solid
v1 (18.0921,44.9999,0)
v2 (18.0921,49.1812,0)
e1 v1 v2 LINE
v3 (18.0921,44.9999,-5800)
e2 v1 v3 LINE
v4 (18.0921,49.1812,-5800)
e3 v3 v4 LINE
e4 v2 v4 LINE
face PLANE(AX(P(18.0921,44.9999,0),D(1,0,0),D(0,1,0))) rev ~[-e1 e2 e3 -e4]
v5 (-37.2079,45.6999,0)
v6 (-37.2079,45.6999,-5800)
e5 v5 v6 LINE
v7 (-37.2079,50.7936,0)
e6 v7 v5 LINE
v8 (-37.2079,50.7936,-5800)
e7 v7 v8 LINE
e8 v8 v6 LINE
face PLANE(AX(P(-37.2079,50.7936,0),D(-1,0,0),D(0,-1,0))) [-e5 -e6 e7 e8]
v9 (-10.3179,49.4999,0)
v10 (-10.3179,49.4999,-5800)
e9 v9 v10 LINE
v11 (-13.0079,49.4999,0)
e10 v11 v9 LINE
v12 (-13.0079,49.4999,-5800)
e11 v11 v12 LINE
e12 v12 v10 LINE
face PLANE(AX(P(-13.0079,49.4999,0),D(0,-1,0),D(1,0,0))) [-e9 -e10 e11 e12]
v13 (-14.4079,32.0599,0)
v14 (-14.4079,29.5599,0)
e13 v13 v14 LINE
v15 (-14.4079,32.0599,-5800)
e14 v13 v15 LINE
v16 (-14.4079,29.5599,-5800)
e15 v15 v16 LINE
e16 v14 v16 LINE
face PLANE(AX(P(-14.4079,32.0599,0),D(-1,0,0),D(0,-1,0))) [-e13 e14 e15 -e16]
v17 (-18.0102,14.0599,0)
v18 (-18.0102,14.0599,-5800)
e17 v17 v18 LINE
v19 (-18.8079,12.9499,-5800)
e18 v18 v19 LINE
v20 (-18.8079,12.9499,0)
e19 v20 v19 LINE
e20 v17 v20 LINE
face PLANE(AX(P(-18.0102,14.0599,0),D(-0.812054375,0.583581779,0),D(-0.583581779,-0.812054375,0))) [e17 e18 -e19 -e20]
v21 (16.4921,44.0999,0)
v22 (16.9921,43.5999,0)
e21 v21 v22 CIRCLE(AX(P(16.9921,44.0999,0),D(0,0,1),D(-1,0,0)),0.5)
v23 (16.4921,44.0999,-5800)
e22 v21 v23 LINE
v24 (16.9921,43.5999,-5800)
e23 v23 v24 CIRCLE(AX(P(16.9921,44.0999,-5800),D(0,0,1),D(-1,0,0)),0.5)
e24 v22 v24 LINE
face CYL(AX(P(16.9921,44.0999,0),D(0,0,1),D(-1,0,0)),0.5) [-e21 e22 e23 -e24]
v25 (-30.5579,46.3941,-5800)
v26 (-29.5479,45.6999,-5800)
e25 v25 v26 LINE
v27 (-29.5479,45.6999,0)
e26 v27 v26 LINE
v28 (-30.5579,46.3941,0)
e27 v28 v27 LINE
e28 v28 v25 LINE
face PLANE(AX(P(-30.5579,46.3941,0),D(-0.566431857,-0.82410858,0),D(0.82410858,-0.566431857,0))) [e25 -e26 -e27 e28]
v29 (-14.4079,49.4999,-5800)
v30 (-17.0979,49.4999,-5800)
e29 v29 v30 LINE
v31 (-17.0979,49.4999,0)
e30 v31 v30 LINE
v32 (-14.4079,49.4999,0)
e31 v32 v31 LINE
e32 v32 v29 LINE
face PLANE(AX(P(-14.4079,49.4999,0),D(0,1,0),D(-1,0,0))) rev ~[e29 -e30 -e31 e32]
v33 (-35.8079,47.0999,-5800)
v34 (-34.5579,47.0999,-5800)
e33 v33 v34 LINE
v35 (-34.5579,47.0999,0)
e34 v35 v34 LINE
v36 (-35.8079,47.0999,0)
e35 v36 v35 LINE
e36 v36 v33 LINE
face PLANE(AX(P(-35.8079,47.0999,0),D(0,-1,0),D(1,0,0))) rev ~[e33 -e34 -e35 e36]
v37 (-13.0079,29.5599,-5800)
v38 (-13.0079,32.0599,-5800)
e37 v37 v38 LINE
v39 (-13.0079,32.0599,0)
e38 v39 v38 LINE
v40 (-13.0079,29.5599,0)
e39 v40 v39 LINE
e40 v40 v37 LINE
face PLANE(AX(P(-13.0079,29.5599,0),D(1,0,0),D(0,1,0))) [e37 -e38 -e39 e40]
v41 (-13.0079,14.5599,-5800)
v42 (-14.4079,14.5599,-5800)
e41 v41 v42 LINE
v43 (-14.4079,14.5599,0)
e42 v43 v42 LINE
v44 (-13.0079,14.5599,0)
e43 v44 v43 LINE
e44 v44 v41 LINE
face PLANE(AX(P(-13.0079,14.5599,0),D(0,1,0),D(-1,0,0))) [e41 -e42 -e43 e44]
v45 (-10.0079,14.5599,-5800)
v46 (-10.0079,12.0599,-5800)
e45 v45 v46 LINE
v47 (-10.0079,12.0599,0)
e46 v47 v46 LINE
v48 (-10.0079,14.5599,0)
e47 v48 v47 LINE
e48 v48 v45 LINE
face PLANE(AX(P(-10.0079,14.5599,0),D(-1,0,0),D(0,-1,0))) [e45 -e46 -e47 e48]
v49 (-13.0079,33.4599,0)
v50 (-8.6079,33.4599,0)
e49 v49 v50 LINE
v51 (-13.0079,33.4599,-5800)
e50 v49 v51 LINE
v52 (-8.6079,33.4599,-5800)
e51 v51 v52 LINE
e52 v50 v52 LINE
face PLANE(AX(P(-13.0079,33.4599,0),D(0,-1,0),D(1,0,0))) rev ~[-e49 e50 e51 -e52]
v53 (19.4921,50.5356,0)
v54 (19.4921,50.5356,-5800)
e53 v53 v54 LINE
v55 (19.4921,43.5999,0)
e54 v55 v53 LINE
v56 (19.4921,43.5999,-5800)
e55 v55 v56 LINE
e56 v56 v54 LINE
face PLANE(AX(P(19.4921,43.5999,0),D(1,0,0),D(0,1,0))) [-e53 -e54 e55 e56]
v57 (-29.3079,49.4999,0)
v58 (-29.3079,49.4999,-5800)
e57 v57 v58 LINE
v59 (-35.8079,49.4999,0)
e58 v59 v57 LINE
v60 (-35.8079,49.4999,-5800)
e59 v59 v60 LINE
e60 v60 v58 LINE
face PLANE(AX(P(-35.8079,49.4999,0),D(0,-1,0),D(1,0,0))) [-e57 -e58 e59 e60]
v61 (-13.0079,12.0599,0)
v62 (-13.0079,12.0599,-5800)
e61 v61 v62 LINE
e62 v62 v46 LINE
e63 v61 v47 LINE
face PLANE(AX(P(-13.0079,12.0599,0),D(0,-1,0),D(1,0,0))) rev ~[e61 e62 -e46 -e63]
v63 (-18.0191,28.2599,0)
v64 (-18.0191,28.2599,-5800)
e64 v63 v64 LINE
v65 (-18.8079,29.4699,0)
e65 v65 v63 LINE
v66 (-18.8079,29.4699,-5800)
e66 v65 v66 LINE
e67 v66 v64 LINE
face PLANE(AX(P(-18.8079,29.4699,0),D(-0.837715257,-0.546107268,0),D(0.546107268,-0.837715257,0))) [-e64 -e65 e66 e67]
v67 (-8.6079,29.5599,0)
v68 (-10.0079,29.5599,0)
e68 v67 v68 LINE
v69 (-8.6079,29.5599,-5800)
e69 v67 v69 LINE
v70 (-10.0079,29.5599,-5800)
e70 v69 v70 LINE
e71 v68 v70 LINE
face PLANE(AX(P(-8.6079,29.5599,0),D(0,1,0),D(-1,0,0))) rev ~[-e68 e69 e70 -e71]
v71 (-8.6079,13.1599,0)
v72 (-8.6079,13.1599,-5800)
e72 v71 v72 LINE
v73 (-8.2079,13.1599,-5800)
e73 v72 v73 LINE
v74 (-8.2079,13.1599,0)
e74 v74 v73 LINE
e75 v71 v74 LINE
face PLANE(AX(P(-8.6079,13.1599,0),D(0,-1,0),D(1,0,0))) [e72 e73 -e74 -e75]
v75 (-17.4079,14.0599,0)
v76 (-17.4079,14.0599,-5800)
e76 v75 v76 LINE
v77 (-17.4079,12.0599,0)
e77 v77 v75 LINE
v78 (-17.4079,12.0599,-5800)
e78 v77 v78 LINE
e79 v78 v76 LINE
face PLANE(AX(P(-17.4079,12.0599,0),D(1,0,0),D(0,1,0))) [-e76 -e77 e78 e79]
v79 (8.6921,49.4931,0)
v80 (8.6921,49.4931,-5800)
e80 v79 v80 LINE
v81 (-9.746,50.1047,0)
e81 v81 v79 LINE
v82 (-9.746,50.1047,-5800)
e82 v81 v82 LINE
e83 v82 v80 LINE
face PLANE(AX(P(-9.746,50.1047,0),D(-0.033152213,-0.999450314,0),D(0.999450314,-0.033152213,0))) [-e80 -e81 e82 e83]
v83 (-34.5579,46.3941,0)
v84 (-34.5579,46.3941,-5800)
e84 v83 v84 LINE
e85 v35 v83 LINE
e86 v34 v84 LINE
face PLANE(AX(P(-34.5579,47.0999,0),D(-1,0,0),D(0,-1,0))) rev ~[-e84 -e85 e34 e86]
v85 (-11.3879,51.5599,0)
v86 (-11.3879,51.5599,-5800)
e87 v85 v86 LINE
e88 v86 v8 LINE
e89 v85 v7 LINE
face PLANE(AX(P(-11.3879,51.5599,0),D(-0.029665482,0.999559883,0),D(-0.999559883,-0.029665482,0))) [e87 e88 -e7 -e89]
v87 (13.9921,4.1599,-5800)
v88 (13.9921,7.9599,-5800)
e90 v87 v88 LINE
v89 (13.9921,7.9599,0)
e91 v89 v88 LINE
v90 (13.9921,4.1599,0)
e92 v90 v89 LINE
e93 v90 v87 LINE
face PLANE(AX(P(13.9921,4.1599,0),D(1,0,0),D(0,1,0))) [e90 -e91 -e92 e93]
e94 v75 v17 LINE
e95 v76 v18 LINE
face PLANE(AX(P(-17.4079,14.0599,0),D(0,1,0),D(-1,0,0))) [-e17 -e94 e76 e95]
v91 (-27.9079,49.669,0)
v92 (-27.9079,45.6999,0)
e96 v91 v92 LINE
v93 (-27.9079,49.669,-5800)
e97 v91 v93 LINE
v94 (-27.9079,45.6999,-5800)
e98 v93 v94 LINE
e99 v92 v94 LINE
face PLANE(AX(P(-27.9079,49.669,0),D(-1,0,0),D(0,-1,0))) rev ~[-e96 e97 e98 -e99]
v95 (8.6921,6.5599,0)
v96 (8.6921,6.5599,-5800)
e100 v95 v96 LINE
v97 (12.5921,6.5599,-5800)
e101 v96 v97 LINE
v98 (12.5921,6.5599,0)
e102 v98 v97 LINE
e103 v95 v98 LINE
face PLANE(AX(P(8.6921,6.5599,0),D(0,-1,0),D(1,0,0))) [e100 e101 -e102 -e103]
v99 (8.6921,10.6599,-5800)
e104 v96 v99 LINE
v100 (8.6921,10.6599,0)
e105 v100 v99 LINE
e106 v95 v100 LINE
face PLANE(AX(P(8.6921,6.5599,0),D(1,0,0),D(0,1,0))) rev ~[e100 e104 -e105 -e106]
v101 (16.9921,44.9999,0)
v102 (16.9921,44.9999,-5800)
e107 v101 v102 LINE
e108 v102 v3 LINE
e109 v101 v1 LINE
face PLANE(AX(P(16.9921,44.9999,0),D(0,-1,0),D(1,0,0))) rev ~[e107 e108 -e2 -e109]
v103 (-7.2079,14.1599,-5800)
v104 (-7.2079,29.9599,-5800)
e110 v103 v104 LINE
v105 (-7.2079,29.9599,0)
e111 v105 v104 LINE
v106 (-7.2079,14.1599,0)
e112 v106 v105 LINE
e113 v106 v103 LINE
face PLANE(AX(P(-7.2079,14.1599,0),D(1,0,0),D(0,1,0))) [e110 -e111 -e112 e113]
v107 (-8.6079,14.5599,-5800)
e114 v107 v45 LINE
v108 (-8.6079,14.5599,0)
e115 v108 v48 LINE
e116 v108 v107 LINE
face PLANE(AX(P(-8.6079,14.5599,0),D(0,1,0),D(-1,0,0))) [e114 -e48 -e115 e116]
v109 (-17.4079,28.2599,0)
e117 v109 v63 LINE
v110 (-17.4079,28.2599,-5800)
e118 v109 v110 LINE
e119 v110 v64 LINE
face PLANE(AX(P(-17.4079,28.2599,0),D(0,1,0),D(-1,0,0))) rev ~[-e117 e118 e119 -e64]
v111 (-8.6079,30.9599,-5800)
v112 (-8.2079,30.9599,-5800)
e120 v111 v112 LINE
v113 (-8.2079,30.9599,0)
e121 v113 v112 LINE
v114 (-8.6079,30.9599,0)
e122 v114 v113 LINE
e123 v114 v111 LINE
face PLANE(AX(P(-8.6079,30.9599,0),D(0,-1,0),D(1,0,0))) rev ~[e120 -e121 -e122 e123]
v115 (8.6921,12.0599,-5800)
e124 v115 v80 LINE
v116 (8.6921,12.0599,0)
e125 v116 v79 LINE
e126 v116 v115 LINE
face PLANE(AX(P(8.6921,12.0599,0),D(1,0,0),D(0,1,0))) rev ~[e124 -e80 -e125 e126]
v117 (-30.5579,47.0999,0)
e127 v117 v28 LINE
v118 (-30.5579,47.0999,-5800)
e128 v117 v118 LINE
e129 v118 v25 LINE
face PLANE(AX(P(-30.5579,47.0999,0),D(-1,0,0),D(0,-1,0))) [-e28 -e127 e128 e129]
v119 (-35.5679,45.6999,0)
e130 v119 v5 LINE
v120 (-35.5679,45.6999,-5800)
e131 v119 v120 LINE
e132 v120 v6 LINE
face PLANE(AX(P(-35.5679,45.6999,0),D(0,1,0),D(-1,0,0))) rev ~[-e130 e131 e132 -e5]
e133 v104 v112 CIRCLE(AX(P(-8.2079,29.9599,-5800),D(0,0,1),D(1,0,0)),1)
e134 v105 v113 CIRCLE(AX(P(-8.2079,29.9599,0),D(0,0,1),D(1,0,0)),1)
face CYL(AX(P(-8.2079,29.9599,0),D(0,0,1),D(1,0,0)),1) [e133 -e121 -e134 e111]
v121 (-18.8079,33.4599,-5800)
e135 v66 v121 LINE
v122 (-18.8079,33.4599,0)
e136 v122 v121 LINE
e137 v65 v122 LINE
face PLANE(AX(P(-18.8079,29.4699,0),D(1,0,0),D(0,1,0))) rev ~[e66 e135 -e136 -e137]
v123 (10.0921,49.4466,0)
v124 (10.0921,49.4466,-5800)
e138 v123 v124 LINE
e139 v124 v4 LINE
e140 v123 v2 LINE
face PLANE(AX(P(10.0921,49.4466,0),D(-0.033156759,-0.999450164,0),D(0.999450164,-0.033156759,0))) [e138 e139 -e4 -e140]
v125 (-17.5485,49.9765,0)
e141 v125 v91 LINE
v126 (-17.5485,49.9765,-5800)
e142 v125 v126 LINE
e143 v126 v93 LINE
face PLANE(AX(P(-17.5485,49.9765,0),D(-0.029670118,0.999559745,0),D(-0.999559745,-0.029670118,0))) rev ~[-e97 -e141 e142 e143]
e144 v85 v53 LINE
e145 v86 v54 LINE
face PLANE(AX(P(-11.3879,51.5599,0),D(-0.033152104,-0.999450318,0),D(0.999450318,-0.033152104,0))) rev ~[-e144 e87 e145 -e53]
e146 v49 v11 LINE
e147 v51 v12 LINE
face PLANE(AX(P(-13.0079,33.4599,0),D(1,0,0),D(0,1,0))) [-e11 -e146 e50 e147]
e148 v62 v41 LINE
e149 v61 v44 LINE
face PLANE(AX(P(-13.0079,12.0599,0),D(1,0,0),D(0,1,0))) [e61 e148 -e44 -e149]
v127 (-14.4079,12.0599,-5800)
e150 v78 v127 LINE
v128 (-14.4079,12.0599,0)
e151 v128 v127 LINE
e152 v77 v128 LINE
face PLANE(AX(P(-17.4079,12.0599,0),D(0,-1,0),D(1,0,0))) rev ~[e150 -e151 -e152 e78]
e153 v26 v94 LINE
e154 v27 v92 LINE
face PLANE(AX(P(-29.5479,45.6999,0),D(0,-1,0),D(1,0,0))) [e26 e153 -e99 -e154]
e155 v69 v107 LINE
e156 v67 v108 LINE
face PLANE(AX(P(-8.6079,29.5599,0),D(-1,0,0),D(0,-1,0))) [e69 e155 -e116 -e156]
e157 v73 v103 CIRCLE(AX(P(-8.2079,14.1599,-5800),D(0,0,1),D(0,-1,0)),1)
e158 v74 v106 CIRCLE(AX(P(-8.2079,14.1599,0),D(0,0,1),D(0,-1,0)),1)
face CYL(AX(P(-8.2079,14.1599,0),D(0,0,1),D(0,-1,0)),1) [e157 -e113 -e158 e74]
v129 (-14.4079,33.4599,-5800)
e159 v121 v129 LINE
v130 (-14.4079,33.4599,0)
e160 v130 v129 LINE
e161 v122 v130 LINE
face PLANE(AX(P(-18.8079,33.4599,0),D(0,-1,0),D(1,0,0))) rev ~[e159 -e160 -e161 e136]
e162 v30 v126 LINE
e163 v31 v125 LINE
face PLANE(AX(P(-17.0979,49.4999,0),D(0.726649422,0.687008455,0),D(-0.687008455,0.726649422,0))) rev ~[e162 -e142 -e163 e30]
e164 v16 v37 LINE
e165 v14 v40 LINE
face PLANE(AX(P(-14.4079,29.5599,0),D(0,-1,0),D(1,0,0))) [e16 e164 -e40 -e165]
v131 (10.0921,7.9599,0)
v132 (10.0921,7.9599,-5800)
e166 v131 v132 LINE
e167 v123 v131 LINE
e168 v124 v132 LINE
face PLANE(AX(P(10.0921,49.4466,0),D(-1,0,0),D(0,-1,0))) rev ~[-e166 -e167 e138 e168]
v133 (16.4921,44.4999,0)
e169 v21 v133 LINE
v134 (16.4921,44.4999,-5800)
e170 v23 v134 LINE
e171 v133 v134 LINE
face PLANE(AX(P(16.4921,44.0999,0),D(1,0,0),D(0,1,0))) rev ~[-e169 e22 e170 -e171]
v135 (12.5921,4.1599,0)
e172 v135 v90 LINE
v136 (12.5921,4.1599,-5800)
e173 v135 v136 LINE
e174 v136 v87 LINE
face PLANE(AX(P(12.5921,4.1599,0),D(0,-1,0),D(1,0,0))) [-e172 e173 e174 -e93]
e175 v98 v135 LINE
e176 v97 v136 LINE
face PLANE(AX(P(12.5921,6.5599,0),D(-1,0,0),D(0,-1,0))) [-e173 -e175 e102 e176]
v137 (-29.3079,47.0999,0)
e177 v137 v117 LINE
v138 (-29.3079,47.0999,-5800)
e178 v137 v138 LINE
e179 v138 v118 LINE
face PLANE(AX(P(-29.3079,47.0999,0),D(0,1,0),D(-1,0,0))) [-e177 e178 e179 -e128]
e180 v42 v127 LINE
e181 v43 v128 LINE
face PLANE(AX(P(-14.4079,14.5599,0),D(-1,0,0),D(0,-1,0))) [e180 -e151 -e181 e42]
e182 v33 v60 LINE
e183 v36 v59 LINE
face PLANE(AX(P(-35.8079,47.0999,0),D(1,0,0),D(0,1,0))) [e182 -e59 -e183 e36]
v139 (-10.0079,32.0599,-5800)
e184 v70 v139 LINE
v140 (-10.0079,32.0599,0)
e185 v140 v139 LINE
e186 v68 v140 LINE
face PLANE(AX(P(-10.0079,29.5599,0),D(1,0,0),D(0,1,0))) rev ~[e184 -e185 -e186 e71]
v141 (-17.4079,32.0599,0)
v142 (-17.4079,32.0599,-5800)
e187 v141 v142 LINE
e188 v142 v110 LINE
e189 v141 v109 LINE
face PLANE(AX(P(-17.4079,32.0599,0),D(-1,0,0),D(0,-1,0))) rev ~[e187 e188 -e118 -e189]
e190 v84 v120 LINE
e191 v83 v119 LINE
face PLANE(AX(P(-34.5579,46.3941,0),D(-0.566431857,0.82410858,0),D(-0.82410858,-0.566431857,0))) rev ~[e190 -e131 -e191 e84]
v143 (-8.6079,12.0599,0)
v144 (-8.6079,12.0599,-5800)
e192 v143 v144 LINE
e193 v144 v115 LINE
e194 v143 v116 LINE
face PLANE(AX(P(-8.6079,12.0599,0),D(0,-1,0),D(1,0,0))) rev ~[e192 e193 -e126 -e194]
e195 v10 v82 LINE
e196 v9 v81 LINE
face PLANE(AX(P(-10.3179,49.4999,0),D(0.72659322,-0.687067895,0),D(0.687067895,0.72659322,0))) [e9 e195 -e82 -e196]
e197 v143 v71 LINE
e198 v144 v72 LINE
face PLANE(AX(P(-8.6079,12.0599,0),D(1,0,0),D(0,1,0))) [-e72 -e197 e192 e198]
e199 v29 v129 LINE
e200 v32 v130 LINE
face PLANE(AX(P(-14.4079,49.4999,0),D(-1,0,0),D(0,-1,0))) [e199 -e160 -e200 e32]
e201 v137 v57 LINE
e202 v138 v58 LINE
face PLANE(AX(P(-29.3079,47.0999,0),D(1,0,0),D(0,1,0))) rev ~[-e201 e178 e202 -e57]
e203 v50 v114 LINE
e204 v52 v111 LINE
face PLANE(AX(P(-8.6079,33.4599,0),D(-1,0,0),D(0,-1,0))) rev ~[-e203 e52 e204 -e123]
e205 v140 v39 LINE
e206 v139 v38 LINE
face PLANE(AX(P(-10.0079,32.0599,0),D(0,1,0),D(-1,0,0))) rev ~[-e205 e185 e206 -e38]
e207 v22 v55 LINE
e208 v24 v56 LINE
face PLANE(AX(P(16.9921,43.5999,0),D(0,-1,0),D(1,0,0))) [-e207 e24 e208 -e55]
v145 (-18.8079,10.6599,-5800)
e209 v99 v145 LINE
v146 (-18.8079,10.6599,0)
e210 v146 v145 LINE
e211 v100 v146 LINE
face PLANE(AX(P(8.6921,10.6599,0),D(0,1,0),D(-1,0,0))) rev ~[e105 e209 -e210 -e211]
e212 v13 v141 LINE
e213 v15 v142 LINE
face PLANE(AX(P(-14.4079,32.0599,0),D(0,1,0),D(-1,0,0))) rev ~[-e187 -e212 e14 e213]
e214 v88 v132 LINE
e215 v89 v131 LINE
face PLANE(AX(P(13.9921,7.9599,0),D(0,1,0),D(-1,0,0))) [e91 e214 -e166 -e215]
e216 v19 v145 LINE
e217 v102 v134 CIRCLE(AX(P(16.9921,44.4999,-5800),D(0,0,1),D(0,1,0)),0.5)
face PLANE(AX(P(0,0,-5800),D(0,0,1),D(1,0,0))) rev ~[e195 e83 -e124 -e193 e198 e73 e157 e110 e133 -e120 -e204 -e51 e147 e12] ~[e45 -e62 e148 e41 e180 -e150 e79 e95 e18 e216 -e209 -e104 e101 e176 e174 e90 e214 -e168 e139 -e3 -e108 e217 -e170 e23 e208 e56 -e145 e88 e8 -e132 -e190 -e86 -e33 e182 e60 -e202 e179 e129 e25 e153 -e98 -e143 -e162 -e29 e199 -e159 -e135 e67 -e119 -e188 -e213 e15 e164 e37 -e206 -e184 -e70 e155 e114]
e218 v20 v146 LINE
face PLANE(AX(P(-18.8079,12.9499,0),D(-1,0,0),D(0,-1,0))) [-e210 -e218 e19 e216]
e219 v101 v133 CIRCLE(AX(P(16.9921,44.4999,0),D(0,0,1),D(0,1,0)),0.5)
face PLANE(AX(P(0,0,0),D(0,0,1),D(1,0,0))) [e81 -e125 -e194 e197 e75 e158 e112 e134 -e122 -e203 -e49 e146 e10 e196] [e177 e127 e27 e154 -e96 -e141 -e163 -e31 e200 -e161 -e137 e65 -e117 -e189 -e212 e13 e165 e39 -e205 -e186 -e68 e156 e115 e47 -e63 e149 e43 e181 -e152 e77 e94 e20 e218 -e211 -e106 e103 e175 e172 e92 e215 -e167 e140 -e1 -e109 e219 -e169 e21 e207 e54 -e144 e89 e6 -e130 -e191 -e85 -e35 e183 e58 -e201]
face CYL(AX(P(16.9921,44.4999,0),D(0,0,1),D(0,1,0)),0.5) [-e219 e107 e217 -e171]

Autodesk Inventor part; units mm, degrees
ref_plane "YZ Plane" through (0, 0, 0) normal (1, 0, 0) x (0, 1, 0)
ref_plane "XZ Plane" through (0, 0, 0) normal (0, 1, 0) x (-1, 0, 0)
ref_plane "XY Plane" through (0, 0, 0) normal (0, 0, 1) x (1, 0, 0)
sketch "Boceto1" plane through (0, 0, 0) normal (0, 0, 1) x (1, 0, 0)
  line L0 (8.6921, 12.0599) -> (8.6921, 49.4931)
  line L1 (8.6921, 10.6599) -> (-18.8079, 10.6599)
  line L2 (8.6921, 6.5599) -> (8.6921, 10.6599)
  line L3 (8.6921, 6.5599) -> (12.5921, 6.5599)
  line L4 (13.9921, 7.9599) -> (10.0921, 7.9599)
  line L5 (12.5921, 6.5599) -> (12.5921, 4.1599)
  line L6 (12.5921, 4.1599) -> (13.9921, 4.1599)
  line L7 (13.9921, 4.1599) -> (13.9921, 7.9599)
  line L8 (-13.0079, 12.0599) -> (-13.0079, 14.5599)
  line L9 (-13.0079, 14.5599) -> (-14.4079, 14.5599)
  line L10 (-14.4079, 14.5599) -> (-14.4079, 12.0599)
  line L11 (-8.6079, 12.0599) -> (-8.6079, 13.1599)
  line L12 (-8.6079, 14.5599) -> (-10.0079, 14.5599)
  line L13 (-10.0079, 14.5599) -> (-10.0079, 12.0599)
  line L14 (-7.2079, 14.1599) -> (-7.2079, 29.9599)
  line L15 (-8.6079, 29.5599) -> (-8.6079, 14.5599)
  line L16 (-17.4079, 12.0599) -> (-14.4079, 12.0599)
  line L17 (-17.4079, 12.0599) -> (-17.4079, 14.0599)
  line L18 (-18.8079, 12.9499) -> (-18.8079, 10.6599)
  line L19 (-17.4079, 14.0599) -> (-18.0102, 14.0599)
  line L20 (-18.0102, 14.0599) -> (-18.8079, 12.9499)
  line L21 (-8.6079, 29.5599) -> (-10.0079, 29.5599)
  line L22 (-10.0079, 29.5599) -> (-10.0079, 32.0599)
  line L23 (-8.6079, 33.4599) -> (-8.6079, 30.9599)
  line L24 (-18.8079, 29.4699) -> (-18.8079, 33.4599)
  line L25 (-14.4079, 32.0599) -> (-14.4079, 29.5599)
  line L26 (-14.4079, 29.5599) -> (-13.0079, 29.5599)
  line L27 (-13.0079, 29.5599) -> (-13.0079, 32.0599)
  line L28 (-10.0079, 32.0599) -> (-13.0079, 32.0599)
  line L29 (-14.4079, 32.0599) -> (-17.4079, 32.0599)
  line L30 (-17.4079, 32.0599) -> (-17.4079, 28.2599)
  line L31 (-17.4079, 28.2599) -> (-18.0191, 28.2599)
  line L32 (-13.0079, 33.4599) -> (-13.0079, 49.4999)
  line L33 (-14.4079, 49.4999) -> (-14.4079, 33.4599)
  line L34 (-18.8079, 33.4599) -> (-14.4079, 33.4599)
  line L35 (-13.0079, 33.4599) -> (-8.6079, 33.4599)
  line L36 (-13.0079, 49.4999) -> (-10.3179, 49.4999)
  line L37 (-10.3179, 49.4999) -> (-9.746, 50.1047)
  line L38 (-14.4079, 49.4999) -> (-17.0979, 49.4999)
  line L39 (-17.0979, 49.4999) -> (-17.5485, 49.9765)
  line L40 (-9.746, 50.1047) -> (8.6921, 49.4931)
  line L41 (-17.5485, 49.9765) -> (-27.9079, 49.669)
  line L42 (-27.9079, 49.669) -> (-27.9079, 45.6999)
  line L43 (-29.3079, 47.0999) -> (-29.3079, 49.4999)
  line L44 (-37.2079, 50.7936) -> (-37.2079, 45.6999)
  line L45 (-35.8079, 47.0999) -> (-35.8079, 49.4999)
  line L46 (-11.3879, 51.5599) -> (19.4921, 50.5356)
  line L47 (-11.3879, 51.5599) -> (-37.2079, 50.7936)
  line L48 (-8.6079, 30.9599) -> (-8.2079, 30.9599)
  line L49 (-8.6079, 13.1599) -> (-8.2079, 13.1599)
  line L50 (16.9921, 43.5999) -> (19.4921, 43.5999)
  line L51 (19.4921, 43.5999) -> (19.4921, 50.5356)
  line L52 (10.0921, 49.4466) -> (10.0921, 7.9599)
  line L53 (10.0921, 49.4466) -> (18.0921, 49.1812)
  line L54 (18.0921, 44.9999) -> (18.0921, 49.1812)
  line L55 (16.4921, 44.0999) -> (16.4921, 44.4999)
  line L56 (16.9921, 44.9999) -> (18.0921, 44.9999)
  line L57 (-13.0079, 12.0599) -> (-10.0079, 12.0599)
  line L58 (-8.6079, 12.0599) -> (8.6921, 12.0599)
  line L59 (-18.8079, 29.4699) -> (-18.0191, 28.2599)
  line L60 (-35.8079, 49.4999) -> (-29.3079, 49.4999)
  line L61 (-35.8079, 47.0999) -> (-34.5579, 47.0999)
  line L62 (-34.5579, 47.0999) -> (-34.5579, 46.3941)
  line L63 (-34.5579, 46.3941) -> (-35.5679, 45.6999)
  line L64 (-35.5679, 45.6999) -> (-37.2079, 45.6999)
  line L65 (-29.3079, 47.0999) -> (-30.5579, 47.0999)
  line L66 (-30.5579, 47.0999) -> (-30.5579, 46.3941)
  line L67 (-30.5579, 46.3941) -> (-29.5479, 45.6999)
  line L68 (-29.5479, 45.6999) -> (-27.9079, 45.6999)
  arc A0 (-7.2079, 29.9599) -> (-8.2079, 30.9599) centre (-8.2079, 29.9599) ccw
  arc A1 (-8.2079, 13.1599) -> (-7.2079, 14.1599) centre (-8.2079, 14.1599) ccw
  arc A2 (16.9921, 44.9999) -> (16.4921, 44.4999) centre (16.9921, 44.4999) ccw
  arc A3 (16.4921, 44.0999) -> (16.9921, 43.5999) centre (16.9921, 44.0999) ccw
  point P0 (0, 0)
  point P1 (-7.2079, 30.9599)
  point P2 (-7.2079, 13.1599)
  point P3 (16.4921, 43.5999)
  point P4 (16.4921, 44.9999)
  point P5 (-32.5579, 49.4999)
  dimension "d0" = 3.02
  dimension "d1" = 24.5
  dimension "d2" = 1.4
  dimension "d3" = 1.4
  dimension "d4" = 1.4
  dimension "d5" = 1.4
  dimension "d7" = 1.4
  dimension "d8" = 1.4
  dimension "d9" = 1.4
  dimension "d10" = 1.4
  dimension "d11" = 1.4
  dimension "d12" = 1.4
  dimension "d13" = 1.4
  dimension "d14" = 1.4
  dimension "d15" = 1.4
  dimension "d16" = 1.4
  dimension "d17" = 1.4
  dimension "d23" = 1.4
  dimension "d26" = 3
  dimension "d27" = 39.44
  dimension "d31" = 7.9
  dimension "d32" = 2.4
  dimension "d34" = 2.5
  dimension "d35" = 2.5
  dimension "d36" = 3
  dimension "d37" = 3
  dimension "d38" = 3
  dimension "d39" = 3
  dimension "d42" = 4.09
  dimension "d43" = 2.69
  dimension "d44" = 15
  dimension "d45" = 20
  dimension "d47" = 2
  dimension "d48" = 1.11
  dimension "d51" = 1.21
  dimension "d52" = 35.7
  dimension "d53" = 33.1
  dimension "d55" = 32.8
  dimension "d56" = 14.2
  dimension "d58" = 15.9
  dimension "d65" = 1.4
  dimension "d68" = 46.6
  dimension "d69" = 46.6
  dimension "d70" = 2.06
  dimension "d73" = 91.7
  dimension "d74" = 91.9
  dimension "d77" = 1.4
  dimension "d84" = 1.4
  dimension "d87" = 6.5
  dimension "d88" = 9.3
  dimension "d89" = 1.4
  dimension "d90" = 1.4
  dimension "d91" = 3.25
  dimension "d92" = 1.4
  dimension "d93" = 2
  dimension "d96" = 3.01
  dimension "d97" = 6.02
  dimension "d99" = 34.5
  dimension "d100" = 111
  dimension "d102" = 2.4
  dimension "d104" = 1.4
  dimension "d105" = 22.8
  dimension "d106" = 4
  dimension "d107" = 0.7058
extrude "Extrusión1" add sketch "Boceto1" against normal blind 5800
properties part number "SP40-07 INVERSOR CENTRAL" material "Aluminio"
